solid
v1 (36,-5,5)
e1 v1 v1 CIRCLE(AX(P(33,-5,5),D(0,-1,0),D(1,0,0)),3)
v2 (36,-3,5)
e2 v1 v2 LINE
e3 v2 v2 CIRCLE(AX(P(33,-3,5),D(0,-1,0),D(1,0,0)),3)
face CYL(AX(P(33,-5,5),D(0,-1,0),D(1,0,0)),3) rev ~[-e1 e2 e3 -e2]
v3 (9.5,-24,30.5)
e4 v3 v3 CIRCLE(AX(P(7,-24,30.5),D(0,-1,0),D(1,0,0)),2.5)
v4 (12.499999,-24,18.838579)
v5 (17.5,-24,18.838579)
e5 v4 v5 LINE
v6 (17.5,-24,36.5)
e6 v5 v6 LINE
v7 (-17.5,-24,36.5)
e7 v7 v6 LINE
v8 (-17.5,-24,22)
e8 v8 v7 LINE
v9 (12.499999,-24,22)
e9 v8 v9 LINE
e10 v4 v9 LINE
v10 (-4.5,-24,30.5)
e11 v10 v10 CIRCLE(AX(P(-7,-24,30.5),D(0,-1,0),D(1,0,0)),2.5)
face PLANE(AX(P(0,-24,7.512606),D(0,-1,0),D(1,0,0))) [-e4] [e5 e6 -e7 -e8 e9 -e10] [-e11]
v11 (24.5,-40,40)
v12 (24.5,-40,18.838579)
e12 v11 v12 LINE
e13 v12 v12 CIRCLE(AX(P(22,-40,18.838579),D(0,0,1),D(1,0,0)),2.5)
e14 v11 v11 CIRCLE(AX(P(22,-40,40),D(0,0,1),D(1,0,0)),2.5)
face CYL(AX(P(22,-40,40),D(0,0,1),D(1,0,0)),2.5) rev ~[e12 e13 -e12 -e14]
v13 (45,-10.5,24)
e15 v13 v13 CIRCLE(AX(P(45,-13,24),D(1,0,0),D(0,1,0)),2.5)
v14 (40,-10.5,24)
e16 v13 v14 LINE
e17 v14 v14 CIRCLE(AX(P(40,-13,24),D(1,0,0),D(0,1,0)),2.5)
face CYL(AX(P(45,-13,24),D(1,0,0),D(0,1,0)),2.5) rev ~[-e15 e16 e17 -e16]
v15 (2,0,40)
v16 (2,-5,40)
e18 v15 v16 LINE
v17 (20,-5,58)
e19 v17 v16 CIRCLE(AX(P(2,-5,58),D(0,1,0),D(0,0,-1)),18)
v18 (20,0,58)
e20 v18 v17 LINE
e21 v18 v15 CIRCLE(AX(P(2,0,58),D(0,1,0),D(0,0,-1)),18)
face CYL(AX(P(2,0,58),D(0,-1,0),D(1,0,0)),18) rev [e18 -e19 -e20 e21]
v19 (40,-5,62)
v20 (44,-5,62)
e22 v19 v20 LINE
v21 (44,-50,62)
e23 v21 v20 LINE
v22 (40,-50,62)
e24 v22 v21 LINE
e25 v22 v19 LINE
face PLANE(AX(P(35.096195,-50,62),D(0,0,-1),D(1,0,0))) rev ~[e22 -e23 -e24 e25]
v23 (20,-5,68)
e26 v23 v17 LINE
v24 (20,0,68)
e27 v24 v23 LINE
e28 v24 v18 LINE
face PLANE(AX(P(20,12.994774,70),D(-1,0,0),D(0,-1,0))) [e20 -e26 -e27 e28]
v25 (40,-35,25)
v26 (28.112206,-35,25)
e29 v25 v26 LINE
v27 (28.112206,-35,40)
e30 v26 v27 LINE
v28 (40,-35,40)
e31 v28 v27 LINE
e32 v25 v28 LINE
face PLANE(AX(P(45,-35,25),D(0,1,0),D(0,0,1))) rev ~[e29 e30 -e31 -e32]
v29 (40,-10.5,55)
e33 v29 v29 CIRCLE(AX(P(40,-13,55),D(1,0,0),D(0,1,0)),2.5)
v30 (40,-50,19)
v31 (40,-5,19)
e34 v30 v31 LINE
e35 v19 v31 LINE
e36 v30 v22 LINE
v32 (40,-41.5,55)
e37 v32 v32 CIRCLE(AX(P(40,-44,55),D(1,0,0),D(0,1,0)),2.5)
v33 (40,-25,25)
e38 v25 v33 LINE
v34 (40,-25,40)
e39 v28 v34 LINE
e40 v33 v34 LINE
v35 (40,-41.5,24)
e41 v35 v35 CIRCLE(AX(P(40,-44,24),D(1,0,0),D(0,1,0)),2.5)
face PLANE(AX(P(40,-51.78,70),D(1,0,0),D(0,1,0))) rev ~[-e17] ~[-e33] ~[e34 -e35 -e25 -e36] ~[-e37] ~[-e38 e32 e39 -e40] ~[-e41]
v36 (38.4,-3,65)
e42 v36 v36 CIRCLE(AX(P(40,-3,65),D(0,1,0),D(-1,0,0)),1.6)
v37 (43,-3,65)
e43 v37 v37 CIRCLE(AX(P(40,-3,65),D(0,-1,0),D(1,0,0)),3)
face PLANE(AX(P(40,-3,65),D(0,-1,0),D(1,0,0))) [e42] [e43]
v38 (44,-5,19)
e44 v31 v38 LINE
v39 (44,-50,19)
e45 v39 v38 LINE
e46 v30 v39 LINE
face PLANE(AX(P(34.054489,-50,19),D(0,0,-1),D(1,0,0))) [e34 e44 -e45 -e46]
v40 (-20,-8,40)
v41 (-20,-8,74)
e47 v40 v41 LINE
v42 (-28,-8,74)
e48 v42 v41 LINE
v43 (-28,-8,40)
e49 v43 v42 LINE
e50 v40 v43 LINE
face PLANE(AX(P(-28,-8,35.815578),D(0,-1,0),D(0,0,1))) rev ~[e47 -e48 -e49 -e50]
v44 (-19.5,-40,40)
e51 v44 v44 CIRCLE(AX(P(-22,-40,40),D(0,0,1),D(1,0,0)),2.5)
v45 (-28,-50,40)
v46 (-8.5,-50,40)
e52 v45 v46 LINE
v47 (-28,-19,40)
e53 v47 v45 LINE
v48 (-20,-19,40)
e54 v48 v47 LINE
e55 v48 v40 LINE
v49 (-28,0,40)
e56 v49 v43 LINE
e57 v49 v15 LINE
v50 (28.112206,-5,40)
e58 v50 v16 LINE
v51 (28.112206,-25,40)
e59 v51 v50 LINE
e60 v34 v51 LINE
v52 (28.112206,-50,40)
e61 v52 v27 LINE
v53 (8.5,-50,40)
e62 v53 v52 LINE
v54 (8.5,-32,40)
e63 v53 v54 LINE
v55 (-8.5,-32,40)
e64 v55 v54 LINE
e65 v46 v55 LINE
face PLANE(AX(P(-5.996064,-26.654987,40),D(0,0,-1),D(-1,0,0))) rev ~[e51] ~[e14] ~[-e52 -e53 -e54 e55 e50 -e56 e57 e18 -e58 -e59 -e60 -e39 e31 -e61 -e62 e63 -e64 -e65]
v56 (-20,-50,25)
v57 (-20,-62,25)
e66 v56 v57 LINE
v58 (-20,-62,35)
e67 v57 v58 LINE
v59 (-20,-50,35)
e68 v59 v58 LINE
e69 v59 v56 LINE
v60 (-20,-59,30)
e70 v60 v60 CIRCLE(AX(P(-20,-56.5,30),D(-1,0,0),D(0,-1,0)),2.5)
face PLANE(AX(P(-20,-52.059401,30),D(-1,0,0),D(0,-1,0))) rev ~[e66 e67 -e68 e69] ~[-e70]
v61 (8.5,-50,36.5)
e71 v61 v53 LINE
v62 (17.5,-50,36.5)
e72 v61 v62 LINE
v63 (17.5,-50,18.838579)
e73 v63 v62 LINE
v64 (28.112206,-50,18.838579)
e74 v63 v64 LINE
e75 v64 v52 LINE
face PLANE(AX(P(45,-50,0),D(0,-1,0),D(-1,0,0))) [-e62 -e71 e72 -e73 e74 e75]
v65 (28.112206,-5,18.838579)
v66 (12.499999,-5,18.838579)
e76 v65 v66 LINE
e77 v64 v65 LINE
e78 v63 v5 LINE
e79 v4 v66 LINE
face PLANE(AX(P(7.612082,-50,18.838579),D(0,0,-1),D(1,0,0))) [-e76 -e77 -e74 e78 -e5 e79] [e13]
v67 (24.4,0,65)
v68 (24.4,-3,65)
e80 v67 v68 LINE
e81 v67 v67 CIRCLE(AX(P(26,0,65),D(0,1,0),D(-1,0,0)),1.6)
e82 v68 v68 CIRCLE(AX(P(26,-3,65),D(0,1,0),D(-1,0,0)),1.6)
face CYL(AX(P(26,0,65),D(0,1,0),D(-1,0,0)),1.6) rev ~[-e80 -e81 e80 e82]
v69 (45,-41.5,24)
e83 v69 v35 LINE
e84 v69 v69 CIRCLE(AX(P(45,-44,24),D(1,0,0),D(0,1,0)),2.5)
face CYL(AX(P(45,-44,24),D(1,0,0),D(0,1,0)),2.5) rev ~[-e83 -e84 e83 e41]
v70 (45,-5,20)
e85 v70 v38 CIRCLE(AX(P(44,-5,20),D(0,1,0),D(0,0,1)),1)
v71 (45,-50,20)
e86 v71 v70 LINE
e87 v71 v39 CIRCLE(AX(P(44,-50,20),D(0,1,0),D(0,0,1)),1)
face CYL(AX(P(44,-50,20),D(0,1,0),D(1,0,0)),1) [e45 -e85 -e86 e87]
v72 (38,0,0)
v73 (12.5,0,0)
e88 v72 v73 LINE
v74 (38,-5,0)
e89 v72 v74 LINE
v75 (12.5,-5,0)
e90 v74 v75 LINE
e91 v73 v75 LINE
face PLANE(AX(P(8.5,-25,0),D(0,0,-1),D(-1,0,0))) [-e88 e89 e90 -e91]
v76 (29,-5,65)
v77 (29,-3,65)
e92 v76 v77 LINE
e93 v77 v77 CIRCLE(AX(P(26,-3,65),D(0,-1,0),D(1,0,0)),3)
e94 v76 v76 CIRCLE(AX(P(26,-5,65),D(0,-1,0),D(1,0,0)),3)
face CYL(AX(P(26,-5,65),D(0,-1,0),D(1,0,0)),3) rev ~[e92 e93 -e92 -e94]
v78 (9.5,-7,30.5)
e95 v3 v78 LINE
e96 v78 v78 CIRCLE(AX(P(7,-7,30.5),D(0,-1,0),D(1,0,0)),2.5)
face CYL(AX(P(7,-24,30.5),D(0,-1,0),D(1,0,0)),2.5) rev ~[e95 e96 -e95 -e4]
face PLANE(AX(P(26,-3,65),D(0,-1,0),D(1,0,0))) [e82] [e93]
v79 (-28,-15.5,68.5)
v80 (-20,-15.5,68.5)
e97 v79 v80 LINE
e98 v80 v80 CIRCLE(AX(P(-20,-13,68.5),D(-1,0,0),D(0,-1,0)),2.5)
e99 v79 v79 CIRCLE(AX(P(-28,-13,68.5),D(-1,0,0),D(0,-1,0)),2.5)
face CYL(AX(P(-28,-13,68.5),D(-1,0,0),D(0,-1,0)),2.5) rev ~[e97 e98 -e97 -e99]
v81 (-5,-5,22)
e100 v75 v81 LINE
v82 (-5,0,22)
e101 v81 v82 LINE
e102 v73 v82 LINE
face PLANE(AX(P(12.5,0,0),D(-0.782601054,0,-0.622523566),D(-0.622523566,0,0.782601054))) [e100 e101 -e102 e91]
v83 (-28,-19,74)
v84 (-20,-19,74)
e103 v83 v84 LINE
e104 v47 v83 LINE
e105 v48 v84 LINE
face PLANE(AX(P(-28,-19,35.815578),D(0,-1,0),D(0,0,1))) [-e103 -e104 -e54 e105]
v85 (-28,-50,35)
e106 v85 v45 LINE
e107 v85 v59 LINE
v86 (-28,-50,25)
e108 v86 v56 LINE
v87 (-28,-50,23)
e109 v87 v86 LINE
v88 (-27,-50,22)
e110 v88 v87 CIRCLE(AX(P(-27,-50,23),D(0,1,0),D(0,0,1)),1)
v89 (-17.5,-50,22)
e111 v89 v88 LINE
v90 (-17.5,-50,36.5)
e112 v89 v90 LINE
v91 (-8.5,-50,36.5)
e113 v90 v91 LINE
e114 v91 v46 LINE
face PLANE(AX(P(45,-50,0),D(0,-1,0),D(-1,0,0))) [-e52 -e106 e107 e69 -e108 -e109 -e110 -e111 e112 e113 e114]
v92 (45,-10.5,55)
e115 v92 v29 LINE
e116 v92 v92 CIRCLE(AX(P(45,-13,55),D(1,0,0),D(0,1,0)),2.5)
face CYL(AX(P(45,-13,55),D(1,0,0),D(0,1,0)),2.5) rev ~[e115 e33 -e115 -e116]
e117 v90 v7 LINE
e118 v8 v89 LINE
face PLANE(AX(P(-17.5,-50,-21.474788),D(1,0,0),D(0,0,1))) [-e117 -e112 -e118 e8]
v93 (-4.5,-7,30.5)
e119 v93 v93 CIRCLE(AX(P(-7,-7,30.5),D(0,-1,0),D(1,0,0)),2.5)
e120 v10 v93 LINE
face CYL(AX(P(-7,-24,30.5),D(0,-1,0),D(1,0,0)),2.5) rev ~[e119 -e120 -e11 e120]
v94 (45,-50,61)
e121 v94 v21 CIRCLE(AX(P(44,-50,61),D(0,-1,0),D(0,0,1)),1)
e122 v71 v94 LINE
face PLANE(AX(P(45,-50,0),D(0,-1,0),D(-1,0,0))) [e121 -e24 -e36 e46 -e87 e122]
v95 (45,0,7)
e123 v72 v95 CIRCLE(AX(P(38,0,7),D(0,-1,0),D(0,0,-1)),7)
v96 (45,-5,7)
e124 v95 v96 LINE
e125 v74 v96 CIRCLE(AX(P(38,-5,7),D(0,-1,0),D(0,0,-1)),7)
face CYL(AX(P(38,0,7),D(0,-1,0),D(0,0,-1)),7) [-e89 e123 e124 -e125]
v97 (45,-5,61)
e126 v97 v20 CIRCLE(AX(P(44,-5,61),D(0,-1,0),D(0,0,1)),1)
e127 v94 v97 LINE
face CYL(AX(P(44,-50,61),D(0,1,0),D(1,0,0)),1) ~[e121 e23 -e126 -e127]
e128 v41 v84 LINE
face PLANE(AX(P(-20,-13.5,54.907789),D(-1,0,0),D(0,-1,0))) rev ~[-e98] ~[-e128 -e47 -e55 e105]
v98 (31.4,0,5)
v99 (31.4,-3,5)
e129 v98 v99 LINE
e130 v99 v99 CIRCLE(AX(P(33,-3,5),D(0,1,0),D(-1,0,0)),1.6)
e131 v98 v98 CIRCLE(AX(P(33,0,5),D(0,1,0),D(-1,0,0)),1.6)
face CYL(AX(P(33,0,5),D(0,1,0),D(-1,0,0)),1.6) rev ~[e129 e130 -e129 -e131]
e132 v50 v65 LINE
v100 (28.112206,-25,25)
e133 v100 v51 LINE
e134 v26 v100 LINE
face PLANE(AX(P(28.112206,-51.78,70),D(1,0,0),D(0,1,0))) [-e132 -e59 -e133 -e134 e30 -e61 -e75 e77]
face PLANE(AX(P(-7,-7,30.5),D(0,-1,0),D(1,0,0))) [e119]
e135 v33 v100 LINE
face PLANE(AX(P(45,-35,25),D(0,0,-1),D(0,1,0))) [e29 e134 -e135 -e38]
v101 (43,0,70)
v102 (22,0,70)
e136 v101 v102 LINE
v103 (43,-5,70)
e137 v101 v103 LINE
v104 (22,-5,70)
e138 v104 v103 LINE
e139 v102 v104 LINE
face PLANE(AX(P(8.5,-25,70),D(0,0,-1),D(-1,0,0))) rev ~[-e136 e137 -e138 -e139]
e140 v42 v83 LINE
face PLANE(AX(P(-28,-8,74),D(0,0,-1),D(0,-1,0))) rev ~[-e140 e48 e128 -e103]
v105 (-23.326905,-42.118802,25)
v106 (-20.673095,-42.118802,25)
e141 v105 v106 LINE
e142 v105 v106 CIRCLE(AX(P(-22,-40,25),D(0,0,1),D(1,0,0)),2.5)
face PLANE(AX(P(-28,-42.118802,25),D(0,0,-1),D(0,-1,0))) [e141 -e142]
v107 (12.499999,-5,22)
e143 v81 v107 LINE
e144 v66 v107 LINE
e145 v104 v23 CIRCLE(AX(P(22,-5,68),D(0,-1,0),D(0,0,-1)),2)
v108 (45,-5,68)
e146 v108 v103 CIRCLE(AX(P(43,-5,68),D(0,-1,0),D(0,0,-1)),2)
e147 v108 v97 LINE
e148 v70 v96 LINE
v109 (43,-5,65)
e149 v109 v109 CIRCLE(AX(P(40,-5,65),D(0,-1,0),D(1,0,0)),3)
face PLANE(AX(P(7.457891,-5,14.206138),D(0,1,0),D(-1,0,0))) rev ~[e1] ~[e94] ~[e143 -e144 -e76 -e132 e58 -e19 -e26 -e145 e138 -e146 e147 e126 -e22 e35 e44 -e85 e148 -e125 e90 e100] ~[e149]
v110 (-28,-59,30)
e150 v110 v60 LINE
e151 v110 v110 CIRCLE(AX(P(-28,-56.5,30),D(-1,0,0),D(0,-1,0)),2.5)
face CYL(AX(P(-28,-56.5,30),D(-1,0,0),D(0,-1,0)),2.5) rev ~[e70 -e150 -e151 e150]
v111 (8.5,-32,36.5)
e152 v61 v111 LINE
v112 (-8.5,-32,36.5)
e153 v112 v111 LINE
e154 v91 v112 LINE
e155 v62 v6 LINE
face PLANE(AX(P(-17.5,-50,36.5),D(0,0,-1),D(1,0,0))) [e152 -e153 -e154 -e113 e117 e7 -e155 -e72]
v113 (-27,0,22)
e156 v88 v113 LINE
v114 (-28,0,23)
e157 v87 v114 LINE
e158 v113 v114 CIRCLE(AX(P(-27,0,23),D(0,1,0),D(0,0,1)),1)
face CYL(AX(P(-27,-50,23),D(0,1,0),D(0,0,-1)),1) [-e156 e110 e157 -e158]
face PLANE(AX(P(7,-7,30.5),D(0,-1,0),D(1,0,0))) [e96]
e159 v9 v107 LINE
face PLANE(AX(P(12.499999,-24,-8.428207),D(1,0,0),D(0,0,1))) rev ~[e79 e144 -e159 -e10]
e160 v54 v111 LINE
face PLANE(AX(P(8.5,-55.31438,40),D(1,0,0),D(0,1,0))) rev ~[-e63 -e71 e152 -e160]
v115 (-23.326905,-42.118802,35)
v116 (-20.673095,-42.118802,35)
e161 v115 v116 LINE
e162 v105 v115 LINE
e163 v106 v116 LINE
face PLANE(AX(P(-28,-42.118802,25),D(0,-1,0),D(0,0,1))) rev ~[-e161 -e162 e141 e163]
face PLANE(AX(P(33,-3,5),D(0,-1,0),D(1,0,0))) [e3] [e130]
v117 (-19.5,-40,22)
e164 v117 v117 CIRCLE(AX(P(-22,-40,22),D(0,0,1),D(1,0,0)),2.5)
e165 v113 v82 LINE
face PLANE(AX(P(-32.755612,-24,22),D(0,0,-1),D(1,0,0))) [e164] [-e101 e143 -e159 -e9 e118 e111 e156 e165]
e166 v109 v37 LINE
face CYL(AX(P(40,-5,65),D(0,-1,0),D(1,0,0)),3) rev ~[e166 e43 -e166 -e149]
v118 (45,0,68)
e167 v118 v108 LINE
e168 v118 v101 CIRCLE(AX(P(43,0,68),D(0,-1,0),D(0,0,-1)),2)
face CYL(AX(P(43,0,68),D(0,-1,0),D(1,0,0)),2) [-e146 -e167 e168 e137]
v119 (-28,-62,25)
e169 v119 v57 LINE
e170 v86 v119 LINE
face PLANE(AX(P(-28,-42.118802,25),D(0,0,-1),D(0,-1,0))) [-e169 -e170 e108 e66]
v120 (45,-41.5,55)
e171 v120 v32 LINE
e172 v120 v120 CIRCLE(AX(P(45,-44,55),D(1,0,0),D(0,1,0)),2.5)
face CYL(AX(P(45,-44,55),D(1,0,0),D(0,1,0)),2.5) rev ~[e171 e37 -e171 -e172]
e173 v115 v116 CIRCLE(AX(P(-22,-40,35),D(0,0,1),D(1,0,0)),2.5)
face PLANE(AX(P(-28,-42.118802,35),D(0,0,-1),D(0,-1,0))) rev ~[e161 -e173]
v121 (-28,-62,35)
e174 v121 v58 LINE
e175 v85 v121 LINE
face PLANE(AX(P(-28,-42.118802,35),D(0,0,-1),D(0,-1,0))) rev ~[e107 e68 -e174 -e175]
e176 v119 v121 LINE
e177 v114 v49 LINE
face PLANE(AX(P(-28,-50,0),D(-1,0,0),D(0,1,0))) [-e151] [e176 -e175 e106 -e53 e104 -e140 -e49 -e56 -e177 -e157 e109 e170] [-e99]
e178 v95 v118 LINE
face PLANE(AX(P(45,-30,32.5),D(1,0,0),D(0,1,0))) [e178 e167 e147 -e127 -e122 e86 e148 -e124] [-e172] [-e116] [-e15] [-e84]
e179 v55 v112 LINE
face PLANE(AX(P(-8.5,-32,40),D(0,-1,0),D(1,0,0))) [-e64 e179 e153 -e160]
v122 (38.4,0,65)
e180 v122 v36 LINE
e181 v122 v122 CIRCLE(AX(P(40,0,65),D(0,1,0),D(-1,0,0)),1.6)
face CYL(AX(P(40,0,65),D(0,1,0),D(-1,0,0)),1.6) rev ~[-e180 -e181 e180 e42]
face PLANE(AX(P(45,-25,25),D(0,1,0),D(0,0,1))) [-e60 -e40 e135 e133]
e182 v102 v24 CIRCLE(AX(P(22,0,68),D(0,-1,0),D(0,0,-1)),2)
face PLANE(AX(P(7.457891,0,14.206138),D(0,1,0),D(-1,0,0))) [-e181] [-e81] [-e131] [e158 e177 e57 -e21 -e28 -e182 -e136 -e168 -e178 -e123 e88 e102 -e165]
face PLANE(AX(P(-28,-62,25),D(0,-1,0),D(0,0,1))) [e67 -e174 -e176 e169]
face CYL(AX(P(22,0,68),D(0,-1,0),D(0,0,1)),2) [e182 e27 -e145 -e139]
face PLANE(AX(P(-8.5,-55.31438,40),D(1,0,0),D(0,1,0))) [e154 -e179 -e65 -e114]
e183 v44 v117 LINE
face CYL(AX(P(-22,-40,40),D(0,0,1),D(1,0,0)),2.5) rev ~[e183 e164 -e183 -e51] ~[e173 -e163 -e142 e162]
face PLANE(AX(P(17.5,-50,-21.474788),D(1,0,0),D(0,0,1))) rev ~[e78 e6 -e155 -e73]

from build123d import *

# Parameters (mm, degrees)
PAD_DEPTH            = 70
SKETCH001_W          = 11.887794
SKETCH001_H          = 46.78
POCKET_DEPTH         = 70.001
POCKET001_DEPTH      = 30
SKETCH003_R          = 2.5
POCKET002_DEPTH      = 40.001
SKETCH004_W          = 17
SKETCH004_H          = 23.314381
POCKET003_DEPTH      = 40.001
SKETCH005_W          = 35
SKETCH005_H          = 57.974789
POCKET004_DEPTH      = 26
SKETCH006_W          = 45.255611
SKETCH006_H          = 30.428207
POCKET005_DEPTH      = 28
POCKET005_DEPTH_BACK = -100
SKETCH007_W          = 26.242121
SKETCH007_H          = 29.741062
POCKET006_DEPTH      = 45
SKETCH008_W          = 15.625622
SKETCH008_H          = 14.392597
SKETCH008_W_2        = 24.610352
SKETCH008_H_2        = 31.67345
POCKET007_DEPTH      = 45
SKETCH009_R          = 2.5
POCKET008_DEPTH      = 13
SKETCH010_R          = 1.6
POCKET009_DEPTH      = 5
SKETCH014_W          = 10
SKETCH014_H          = 15
PAD001_DEPTH         = 23
SKETCH015_W          = 11
SKETCH015_H          = 38.184422
SKETCH015_W_2        = 19.881198
SKETCH015_H_2        = 10
PAD002_DEPTH         = 8
SKETCH013_R          = 2.5
POCKET010_DEPTH      = 17
SKETCH011_R          = 2.5
POCKET011_DEPTH      = 15
PAD003_DEPTH         = 5
SKETCH017_R          = 3
POCKET012_DEPTH      = 2
FILLET_R             = 1
FILLET001_R          = 7
FILLET002_R          = 1
FILLET003_R          = 1
FILLET004_R          = 2
FILLET005_R          = 2
FILLET006_R          = 18


with BuildPart() as part:
    # Sketch → Pad (new body)
    with BuildSketch(Plane.XY):
        Polygon((0, 0), (45, 0), (45, -50), (-28, -50), (-28, 0), align=None)
    extrude(amount=PAD_DEPTH)

    # Sketch001 (on Face7 of Pad) → Pocket (cut, through all)
    with BuildSketch(Plane.XY.offset(70)):
        with Locations((34.056103, -28.39)):
            Rectangle(SKETCH001_W, SKETCH001_H)
    extrude(amount=-POCKET_DEPTH, mode=Mode.SUBTRACT)

    # Sketch002 (on Face5 of Pocket) → Pocket001 (cut)
    with BuildSketch(Plane.XY.offset(70)):
        Polygon((30, -5), (30, -65.096024), (-40.783405, -65.096024), (-40.783405, 12.994774), (20, 12.994774), (20, -5), align=None)
    extrude(amount=-POCKET001_DEPTH, mode=Mode.SUBTRACT)

    # Sketch003 (on Face6 of Pocket001) → Pocket002 (cut, through all)
    with BuildSketch(Plane.XY.offset(40)):
        with Locations((-22, -40)):
            Circle(SKETCH003_R)
        with Locations((22, -40)):
            Circle(SKETCH003_R)
    extrude(amount=-POCKET002_DEPTH, mode=Mode.SUBTRACT)

    # Sketch004 (on Face6 of Pocket002) → Pocket003 (cut, through all)
    with BuildSketch(Plane.XY.offset(40)):
        with Locations((0, -43.65719)):
            Rectangle(SKETCH004_W, SKETCH004_H)
    extrude(amount=-POCKET003_DEPTH, mode=Mode.SUBTRACT)

    # Sketch005 (on Face13 of Pocket003) → Pocket004 (cut)
    with BuildSketch(Plane.XZ.offset(50)):
        with Locations((0, 7.512606)):
            Rectangle(SKETCH005_W, SKETCH005_H)
    extrude(amount=-POCKET004_DEPTH, mode=Mode.SUBTRACT)

    # Sketch006 (on Face11 of Pocket004) → Pocket005 (cut, two sides)
    with BuildSketch(Plane.XZ.offset(24)) as pocket005_sk:
        with Locations((-10.127806, 6.785896)):
            Rectangle(SKETCH006_W, SKETCH006_H)
    extrude(amount=-POCKET005_DEPTH, mode=Mode.SUBTRACT)
    extrude(pocket005_sk.sketch, amount=-POCKET005_DEPTH_BACK, mode=Mode.SUBTRACT)

    # Sketch007 (on Face12 of Pocket005) → Pocket006 (cut)
    with BuildSketch(Plane.XZ.offset(50)):
        with Locations((20.733142, 3.968048)):
            Rectangle(SKETCH007_W, SKETCH007_H)
    extrude(amount=-POCKET006_DEPTH, mode=Mode.SUBTRACT)

    # Sketch008 (on Face14 of Pocket006) → Pocket007 (cut)
    with BuildSketch(Plane.XZ.offset(50)):
        with Locations((42.909006, 69.196298)):
            Rectangle(SKETCH008_W, SKETCH008_H)
        with Locations((46.359665, 3.163275)):
            Rectangle(SKETCH008_W_2, SKETCH008_H_2)
    extrude(amount=-POCKET007_DEPTH, mode=Mode.SUBTRACT)

    # Sketch009 (on Face3 of Pocket007) → Pocket008 (cut)
    with BuildSketch(Plane.YZ.offset(45)):
        with Locations((-44, 55)):
            Circle(SKETCH009_R)
        with Locations((-13, 24)):
            Circle(SKETCH009_R)
        with Locations((-13, 55)):
            Circle(SKETCH009_R)
        with Locations((-44, 24)):
            Circle(SKETCH009_R)
    extrude(amount=-POCKET008_DEPTH, mode=Mode.SUBTRACT)

    # Sketch010 (on Face1 of Pocket008) → Pocket009 (cut)
    with BuildSketch(Plane(origin=(0, 0, 0), x_dir=(-1, 0, 0), z_dir=(0, 1, 0))):
        with Locations((-33, 5)):
            Circle(SKETCH010_R)
        with Locations((-40, 65)):
            Circle(SKETCH010_R)
        with Locations((-26, 65)):
            Circle(SKETCH010_R)
    extrude(amount=-POCKET009_DEPTH, mode=Mode.SUBTRACT)

    # Sketch014 (on Face4 of Pocket009) → Pad001 (join)
    with BuildSketch(Plane.YZ.offset(45)):
        with Locations((-30, 32.5)):
            Rectangle(SKETCH014_W, SKETCH014_H)
    extrude(amount=-PAD001_DEPTH)

    # Sketch015 (on Face29 of Pad001) → Pad002 (join)
    with BuildSketch(Plane(origin=(-28, 0, 0), x_dir=(0, -1, 0), z_dir=(-1, 0, 0))):
        with Locations((13.5, 54.907789)):
            Rectangle(SKETCH015_W, SKETCH015_H)
        with Locations((52.059401, 30)):
            Rectangle(SKETCH015_W_2, SKETCH015_H_2)
    extrude(amount=-PAD002_DEPTH)

    # Sketch013 (on Face19 of Pad002) → Pocket010 (cut)
    with BuildSketch(Plane.XZ.offset(24)):
        with Locations((-7, 30.5)):
            Circle(SKETCH013_R)
        with Locations((7, 30.5)):
            Circle(SKETCH013_R)
    extrude(amount=-POCKET010_DEPTH, mode=Mode.SUBTRACT)

    # Sketch011 (on Face29 of Pad002) → Pocket011 (cut)
    with BuildSketch(Plane(origin=(-28, 0, 0), x_dir=(0, -1, 0), z_dir=(-1, 0, 0))):
        with Locations((56.5, 30)):
            Circle(SKETCH011_R)
        with Locations((13, 68.5)):
            Circle(SKETCH011_R)
    extrude(amount=-POCKET011_DEPTH, mode=Mode.SUBTRACT)

    # Sketch016 (on Face1 of Pocket011) → Pad003 (join)
    with BuildSketch(Plane(origin=(0, 0, 0), x_dir=(-1, 0, 0), z_dir=(0, 1, 0))):
        Polygon((-12.5, 0), (5, 22), (-15.71, 22), align=None)
    extrude(amount=-PAD003_DEPTH)

    # Sketch017 (on Face28 of Pad003) → Pocket012 (cut)
    with BuildSketch(Plane.XZ.offset(5)):
        with Locations((26, 65)):
            Circle(SKETCH017_R)
        with Locations((33, 5)):
            Circle(SKETCH017_R)
        with Locations((40, 65)):
            Circle(SKETCH017_R)
    extrude(amount=-POCKET012_DEPTH, mode=Mode.SUBTRACT)

    # Fillet
    fillet_edges = [part.edges().sort_by_distance(p)[0] for p in [
        (-28, -25, 22),
    ]]
    fillet(fillet_edges, radius=FILLET_R)

    # Fillet001
    fillet001_edges = [part.edges().sort_by_distance(p)[0] for p in [
        (45, -2.5, 0),
    ]]
    fillet(fillet001_edges, radius=FILLET001_R)

    # Fillet002
    fillet002_edges = [part.edges().sort_by_distance(p)[0] for p in [
        (45, -27.5, 19),
    ]]
    fillet(fillet002_edges, radius=FILLET002_R)

    # Fillet003
    fillet003_edges = [part.edges().sort_by_distance(p)[0] for p in [
        (45, -27.5, 62),
    ]]
    fillet(fillet003_edges, radius=FILLET003_R)

    # Fillet004
    fillet004_edges = [part.edges().sort_by_distance(p)[0] for p in [
        (45, -2.5, 70),
    ]]
    fillet(fillet004_edges, radius=FILLET004_R)

    # Fillet005
    fillet005_edges = [part.edges().sort_by_distance(p)[0] for p in [
        (20, -2.5, 70),
    ]]
    fillet(fillet005_edges, radius=FILLET005_R)

    # Fillet006
    fillet006_edges = [part.edges().sort_by_distance(p)[0] for p in [
        (20, -2.5, 40),
    ]]
    fillet(fillet006_edges, radius=FILLET006_R)


solid = part.part
